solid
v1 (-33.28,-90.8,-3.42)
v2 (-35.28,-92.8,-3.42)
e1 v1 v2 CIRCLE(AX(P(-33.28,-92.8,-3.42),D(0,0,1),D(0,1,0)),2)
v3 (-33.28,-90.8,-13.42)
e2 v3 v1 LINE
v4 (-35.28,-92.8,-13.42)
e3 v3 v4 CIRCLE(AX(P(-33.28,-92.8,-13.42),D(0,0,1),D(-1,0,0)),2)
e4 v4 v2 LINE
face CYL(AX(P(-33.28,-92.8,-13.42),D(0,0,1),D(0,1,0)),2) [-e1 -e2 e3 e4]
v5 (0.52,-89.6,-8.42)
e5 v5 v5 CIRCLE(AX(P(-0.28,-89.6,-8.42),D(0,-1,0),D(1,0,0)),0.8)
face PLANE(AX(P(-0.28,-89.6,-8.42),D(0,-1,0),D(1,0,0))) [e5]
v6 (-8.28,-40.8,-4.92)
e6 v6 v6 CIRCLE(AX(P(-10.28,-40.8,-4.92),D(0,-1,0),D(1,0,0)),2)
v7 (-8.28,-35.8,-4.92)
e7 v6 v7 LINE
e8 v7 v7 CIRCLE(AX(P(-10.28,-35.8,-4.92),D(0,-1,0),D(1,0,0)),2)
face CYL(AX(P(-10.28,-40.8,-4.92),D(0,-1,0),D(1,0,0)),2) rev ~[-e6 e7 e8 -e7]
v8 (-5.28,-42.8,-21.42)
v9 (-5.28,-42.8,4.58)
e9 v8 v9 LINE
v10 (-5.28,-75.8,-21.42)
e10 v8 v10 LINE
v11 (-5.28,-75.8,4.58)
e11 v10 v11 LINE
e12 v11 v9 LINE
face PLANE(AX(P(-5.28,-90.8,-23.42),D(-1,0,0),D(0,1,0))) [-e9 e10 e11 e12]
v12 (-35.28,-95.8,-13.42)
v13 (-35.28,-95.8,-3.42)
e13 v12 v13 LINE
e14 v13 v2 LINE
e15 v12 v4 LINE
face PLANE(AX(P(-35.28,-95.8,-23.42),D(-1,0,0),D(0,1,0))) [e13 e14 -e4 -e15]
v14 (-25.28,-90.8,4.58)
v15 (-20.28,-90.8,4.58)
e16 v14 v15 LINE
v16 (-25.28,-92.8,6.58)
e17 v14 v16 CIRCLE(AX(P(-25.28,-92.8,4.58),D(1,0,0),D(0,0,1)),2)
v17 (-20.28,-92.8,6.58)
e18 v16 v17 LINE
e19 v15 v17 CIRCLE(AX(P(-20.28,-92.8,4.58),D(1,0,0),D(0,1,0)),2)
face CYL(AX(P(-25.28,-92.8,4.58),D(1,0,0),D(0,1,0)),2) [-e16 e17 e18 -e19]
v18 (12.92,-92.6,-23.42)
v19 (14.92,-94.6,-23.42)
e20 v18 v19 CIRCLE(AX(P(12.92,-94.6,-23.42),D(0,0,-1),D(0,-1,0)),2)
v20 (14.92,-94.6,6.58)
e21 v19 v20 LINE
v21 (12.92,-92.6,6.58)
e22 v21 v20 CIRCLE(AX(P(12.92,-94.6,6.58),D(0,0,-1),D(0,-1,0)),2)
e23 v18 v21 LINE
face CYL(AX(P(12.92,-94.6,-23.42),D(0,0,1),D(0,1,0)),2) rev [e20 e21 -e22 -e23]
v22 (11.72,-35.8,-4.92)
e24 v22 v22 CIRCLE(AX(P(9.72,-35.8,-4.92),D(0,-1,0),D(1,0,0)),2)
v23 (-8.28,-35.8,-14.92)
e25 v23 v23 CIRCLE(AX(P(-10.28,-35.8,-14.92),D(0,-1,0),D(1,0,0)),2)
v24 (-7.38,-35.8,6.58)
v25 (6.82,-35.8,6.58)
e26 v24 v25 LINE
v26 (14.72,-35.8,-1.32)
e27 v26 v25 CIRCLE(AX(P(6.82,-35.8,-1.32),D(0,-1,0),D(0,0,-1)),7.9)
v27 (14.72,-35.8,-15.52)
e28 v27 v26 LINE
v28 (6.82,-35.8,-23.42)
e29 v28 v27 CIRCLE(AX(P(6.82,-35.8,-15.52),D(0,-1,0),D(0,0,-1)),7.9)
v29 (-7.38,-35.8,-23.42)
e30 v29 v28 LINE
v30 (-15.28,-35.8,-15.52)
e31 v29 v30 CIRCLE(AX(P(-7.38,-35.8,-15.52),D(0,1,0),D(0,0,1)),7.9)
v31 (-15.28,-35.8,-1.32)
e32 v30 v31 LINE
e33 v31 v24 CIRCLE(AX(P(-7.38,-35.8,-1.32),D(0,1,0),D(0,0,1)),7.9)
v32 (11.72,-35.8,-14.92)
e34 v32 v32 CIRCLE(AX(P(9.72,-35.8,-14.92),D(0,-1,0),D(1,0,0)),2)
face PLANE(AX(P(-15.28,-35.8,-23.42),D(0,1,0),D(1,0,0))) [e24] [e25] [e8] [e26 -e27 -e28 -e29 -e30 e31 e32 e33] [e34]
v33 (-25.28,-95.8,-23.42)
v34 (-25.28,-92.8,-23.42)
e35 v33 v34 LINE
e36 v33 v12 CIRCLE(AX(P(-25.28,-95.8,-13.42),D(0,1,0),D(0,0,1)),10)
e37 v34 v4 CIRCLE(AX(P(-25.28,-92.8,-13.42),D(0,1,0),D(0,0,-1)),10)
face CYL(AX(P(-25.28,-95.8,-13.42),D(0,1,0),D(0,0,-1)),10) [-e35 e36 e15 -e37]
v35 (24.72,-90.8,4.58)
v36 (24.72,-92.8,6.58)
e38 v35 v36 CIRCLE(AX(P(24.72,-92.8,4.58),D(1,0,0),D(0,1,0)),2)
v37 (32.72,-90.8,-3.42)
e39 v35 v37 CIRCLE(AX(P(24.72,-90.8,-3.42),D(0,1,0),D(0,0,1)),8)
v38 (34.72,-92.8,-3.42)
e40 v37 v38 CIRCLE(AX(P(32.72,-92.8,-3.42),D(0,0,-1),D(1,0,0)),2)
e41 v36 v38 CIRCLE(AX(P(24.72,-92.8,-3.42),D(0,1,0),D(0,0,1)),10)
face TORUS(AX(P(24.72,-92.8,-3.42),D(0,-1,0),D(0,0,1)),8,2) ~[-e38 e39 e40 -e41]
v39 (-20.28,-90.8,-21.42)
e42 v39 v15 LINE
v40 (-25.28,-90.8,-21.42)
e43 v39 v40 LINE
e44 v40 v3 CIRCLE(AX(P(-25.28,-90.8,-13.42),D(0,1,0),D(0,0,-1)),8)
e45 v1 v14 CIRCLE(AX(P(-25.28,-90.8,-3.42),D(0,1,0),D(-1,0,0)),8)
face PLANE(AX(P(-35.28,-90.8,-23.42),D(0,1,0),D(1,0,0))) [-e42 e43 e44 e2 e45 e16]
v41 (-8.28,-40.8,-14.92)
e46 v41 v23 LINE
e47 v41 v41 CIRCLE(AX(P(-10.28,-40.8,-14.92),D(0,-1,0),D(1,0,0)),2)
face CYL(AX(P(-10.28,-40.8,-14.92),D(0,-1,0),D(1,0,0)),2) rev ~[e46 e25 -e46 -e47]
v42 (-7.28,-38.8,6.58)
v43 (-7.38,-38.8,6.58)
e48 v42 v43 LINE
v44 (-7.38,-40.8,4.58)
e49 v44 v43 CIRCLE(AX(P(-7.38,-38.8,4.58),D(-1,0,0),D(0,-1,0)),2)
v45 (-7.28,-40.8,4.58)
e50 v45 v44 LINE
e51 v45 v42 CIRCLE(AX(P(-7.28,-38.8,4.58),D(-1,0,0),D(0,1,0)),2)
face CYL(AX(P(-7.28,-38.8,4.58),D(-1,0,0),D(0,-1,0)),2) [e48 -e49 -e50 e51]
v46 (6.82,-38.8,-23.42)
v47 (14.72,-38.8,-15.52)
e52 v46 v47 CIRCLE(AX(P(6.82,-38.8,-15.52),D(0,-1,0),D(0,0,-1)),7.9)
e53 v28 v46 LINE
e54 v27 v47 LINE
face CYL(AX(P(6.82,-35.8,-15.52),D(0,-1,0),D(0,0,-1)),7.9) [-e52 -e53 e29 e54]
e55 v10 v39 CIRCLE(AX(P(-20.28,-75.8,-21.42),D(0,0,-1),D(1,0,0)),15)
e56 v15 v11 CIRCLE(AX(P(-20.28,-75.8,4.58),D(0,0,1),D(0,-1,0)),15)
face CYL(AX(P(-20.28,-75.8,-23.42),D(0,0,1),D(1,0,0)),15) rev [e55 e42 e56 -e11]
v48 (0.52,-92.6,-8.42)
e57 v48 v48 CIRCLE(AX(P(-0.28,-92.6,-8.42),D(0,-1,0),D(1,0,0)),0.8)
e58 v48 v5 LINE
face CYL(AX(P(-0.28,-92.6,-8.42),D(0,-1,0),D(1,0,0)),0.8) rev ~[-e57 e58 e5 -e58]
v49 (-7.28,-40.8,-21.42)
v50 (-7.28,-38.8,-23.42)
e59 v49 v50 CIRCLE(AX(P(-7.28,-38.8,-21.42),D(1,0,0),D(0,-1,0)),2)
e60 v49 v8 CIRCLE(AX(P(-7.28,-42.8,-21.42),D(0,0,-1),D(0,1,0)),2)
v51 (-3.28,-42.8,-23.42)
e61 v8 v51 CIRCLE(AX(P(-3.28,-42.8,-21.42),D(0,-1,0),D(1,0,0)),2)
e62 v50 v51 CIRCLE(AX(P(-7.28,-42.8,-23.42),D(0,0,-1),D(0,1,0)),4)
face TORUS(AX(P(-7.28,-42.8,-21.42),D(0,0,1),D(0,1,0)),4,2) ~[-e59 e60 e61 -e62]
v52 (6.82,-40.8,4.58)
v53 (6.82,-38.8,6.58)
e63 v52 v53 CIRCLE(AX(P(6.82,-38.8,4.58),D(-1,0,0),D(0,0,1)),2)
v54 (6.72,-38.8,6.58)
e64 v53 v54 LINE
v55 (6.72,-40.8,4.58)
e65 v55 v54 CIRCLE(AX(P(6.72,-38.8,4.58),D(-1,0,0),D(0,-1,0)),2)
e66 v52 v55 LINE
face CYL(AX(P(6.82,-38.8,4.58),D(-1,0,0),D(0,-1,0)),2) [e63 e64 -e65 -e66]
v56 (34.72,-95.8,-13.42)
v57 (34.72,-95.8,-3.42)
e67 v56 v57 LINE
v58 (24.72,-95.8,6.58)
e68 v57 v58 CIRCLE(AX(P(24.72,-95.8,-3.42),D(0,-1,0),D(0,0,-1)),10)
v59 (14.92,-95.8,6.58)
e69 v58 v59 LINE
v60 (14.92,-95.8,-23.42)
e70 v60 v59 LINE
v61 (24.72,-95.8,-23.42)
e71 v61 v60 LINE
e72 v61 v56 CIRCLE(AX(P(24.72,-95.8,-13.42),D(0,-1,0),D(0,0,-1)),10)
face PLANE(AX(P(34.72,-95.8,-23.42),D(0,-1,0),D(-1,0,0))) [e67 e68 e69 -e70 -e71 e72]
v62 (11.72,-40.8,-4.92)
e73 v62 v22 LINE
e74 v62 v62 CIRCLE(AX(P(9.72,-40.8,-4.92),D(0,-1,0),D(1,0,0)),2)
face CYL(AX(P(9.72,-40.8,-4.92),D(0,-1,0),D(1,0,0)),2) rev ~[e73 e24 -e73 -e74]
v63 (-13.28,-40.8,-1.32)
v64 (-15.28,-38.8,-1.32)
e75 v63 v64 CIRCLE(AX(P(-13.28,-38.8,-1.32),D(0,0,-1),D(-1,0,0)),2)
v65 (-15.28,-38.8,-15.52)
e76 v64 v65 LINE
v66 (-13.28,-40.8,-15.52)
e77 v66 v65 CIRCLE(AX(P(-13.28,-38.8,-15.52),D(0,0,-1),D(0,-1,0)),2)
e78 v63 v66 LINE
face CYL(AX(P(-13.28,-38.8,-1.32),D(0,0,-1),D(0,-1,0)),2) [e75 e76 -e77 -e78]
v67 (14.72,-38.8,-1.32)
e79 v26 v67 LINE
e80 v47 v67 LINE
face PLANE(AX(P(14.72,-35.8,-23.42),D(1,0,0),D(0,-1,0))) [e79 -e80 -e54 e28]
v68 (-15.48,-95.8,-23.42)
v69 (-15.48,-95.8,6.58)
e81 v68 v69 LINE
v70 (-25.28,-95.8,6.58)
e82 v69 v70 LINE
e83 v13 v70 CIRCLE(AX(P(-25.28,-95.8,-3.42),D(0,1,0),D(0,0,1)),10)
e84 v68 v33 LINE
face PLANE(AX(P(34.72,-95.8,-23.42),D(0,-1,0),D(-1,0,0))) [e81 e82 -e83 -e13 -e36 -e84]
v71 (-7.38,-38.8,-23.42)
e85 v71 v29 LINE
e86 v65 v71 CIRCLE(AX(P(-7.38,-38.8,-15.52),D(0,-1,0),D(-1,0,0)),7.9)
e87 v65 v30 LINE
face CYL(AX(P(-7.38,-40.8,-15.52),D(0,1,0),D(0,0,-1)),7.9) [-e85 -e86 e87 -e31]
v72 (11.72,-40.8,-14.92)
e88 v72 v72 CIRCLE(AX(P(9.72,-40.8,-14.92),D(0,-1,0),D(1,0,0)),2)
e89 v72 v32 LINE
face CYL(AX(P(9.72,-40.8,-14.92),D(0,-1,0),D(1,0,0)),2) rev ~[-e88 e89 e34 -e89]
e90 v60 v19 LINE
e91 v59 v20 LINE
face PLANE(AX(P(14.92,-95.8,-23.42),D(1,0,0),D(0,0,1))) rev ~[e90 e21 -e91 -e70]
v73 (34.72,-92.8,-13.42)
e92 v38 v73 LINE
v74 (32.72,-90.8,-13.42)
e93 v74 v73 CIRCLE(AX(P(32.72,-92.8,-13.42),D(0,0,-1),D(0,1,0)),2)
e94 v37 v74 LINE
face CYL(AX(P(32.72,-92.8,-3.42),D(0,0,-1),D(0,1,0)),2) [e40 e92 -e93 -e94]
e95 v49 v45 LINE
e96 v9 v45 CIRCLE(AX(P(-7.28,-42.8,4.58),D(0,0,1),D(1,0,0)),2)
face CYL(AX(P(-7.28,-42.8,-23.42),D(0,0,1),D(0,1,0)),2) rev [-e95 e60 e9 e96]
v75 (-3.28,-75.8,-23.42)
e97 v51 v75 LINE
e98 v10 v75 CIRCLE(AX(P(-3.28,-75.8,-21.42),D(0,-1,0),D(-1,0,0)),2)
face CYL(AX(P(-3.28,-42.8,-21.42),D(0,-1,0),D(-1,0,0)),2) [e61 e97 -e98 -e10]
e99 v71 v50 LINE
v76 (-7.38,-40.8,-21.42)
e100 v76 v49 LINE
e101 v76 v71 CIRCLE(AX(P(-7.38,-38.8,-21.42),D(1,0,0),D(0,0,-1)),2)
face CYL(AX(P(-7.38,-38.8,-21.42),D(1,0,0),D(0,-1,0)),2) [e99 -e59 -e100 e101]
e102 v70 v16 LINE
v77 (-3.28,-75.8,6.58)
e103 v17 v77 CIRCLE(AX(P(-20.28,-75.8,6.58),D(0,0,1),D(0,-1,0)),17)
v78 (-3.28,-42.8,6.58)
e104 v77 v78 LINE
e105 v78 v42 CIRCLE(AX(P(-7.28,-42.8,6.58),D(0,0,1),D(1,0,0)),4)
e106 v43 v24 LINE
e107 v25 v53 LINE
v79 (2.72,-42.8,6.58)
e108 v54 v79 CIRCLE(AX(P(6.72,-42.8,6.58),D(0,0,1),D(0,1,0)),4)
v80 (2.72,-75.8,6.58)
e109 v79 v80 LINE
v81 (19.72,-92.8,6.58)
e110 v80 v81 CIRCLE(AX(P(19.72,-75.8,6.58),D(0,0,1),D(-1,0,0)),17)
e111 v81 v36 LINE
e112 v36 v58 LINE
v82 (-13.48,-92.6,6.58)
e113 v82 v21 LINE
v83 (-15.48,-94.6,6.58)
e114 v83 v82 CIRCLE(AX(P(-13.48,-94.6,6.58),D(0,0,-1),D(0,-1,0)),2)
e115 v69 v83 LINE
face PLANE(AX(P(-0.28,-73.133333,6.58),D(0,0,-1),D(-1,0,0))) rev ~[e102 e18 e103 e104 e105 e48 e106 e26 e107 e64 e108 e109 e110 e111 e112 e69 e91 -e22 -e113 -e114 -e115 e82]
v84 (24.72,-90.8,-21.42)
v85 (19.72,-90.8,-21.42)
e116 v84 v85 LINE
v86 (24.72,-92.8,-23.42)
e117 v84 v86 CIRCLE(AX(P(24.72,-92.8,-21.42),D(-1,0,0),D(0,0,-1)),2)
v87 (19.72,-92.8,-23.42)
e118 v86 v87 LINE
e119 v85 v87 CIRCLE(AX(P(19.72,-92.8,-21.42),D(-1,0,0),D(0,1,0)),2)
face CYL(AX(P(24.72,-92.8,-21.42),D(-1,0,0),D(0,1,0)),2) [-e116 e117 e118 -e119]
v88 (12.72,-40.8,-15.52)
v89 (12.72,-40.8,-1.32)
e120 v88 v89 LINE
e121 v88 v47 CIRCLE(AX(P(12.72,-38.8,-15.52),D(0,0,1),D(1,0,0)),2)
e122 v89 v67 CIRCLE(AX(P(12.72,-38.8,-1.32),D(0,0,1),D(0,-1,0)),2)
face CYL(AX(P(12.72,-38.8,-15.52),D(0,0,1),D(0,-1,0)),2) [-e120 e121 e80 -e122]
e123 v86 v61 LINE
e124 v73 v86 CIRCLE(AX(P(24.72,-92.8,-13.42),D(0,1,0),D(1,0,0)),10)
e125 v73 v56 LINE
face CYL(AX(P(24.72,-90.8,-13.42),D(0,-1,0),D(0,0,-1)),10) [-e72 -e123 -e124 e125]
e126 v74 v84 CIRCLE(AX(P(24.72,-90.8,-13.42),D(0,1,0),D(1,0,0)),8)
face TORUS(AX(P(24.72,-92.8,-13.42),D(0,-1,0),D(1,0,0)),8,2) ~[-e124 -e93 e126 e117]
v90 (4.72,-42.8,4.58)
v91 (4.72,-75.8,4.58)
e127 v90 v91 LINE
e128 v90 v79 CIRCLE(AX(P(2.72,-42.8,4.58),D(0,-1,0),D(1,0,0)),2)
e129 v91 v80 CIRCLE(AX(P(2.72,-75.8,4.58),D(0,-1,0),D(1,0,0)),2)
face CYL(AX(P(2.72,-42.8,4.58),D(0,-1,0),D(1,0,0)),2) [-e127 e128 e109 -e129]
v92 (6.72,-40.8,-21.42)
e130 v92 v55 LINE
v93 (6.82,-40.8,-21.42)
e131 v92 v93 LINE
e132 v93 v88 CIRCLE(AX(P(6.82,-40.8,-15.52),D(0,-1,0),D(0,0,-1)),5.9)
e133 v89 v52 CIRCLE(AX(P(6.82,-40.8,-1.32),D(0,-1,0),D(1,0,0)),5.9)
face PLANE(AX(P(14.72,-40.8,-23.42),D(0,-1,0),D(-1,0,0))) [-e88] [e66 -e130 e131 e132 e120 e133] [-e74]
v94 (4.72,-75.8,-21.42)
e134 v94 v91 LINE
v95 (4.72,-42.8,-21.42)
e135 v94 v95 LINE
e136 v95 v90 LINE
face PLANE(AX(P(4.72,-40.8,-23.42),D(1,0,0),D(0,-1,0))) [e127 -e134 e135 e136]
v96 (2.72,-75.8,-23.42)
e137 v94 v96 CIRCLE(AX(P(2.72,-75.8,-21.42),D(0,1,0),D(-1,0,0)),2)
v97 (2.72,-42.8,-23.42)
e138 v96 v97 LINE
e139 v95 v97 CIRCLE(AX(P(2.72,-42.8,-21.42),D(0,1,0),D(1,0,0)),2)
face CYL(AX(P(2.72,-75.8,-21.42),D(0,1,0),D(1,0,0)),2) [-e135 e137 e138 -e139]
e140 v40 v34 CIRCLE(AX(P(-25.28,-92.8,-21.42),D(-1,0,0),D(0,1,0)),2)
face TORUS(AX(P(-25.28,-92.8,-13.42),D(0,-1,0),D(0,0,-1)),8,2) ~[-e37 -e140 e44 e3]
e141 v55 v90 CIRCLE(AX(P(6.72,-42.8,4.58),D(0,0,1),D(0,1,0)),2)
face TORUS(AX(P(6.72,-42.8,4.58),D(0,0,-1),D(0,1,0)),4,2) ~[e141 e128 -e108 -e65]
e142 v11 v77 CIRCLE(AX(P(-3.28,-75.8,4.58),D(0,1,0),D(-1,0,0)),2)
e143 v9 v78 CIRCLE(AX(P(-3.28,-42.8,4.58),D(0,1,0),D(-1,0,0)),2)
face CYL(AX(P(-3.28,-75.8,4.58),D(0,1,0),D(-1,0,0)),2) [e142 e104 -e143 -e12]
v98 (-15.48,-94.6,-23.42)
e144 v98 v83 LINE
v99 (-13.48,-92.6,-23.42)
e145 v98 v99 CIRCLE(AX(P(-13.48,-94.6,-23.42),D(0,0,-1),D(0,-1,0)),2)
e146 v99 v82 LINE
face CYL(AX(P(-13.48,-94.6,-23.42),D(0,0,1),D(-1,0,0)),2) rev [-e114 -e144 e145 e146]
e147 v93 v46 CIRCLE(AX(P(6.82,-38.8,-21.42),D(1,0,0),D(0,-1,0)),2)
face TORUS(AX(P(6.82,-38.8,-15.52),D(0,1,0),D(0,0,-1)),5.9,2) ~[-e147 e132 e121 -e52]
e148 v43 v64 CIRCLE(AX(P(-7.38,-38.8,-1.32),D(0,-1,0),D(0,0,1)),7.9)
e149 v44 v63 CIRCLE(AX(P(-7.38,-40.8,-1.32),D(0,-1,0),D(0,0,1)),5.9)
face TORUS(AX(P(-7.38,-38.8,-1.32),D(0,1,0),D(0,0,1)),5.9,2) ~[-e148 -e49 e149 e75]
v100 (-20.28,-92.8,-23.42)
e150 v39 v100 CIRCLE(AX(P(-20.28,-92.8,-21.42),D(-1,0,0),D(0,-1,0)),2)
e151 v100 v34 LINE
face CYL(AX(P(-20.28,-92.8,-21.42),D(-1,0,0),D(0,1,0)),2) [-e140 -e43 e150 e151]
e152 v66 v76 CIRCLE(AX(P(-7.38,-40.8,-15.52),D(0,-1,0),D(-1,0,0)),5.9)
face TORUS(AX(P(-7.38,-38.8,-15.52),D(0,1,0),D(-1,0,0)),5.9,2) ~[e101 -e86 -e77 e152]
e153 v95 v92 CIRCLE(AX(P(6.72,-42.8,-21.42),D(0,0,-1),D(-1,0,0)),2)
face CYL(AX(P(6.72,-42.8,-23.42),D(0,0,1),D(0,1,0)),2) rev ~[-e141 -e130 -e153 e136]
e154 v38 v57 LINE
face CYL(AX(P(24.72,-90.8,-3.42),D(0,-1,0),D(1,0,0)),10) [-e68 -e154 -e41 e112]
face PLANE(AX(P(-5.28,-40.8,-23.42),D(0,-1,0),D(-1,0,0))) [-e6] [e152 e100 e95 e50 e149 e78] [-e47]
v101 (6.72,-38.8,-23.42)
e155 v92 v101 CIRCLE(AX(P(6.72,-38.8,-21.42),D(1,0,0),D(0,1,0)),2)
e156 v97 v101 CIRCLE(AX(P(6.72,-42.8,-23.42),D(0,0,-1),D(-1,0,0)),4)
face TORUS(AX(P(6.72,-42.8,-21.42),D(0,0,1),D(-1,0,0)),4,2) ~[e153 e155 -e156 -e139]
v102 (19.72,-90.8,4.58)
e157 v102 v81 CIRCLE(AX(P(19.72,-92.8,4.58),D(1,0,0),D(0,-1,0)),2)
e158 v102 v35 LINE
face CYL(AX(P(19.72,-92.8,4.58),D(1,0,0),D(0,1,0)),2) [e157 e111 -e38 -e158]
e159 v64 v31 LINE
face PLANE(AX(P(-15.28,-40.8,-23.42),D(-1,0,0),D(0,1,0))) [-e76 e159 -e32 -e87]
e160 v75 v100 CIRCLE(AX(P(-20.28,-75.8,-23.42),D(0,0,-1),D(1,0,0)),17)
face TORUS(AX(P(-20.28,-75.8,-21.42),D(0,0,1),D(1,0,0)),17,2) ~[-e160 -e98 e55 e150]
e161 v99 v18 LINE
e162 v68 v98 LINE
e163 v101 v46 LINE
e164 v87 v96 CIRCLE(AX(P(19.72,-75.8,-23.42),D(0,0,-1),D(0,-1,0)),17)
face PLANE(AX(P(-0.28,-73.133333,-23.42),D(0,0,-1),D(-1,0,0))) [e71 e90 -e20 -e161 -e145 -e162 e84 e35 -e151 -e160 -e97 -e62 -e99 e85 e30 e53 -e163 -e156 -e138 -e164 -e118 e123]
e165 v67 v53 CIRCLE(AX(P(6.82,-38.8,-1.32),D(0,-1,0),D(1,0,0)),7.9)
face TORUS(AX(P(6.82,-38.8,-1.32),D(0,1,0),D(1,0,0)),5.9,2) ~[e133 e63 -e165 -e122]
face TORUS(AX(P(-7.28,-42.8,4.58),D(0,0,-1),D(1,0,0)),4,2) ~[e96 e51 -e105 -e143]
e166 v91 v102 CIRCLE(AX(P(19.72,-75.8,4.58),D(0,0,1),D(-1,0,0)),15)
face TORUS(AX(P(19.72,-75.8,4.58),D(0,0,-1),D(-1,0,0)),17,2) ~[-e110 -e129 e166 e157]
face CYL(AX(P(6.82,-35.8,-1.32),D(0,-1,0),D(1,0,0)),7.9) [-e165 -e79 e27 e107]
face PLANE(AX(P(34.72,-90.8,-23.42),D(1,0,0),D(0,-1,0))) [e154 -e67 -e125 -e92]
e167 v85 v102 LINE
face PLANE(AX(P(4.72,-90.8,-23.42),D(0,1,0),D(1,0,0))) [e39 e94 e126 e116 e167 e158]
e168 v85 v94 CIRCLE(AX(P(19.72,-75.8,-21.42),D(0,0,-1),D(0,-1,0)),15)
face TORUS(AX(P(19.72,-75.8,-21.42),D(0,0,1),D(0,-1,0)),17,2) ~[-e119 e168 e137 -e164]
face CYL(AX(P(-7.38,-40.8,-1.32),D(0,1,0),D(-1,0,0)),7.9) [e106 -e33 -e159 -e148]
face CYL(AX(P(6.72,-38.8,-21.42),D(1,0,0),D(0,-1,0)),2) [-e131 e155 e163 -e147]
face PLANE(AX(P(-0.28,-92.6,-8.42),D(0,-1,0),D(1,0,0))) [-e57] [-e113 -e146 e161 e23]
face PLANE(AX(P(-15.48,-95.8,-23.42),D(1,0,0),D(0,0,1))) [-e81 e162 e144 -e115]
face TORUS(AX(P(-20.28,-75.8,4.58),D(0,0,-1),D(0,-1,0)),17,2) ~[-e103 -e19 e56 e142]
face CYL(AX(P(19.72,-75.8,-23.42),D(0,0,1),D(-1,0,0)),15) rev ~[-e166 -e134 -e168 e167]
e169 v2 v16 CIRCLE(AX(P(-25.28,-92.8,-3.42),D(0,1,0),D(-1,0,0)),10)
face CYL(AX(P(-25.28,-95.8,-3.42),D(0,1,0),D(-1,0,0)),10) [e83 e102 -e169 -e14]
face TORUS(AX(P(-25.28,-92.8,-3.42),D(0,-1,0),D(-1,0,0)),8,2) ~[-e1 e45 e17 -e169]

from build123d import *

# Parameters (mm, degrees)
PAD005_DEPTH    = 30
SKETCH014_R     = 2
POCKET016_DEPTH = 5
FILLET001_R     = 2
FILLET002_R     = 15
FILLET003_R     = 7.9
FILLET004_R     = 10
FILLET005_R     = 2
SKETCH015_W     = 30.4
SKETCH015_H     = 30
POCKET017_DEPTH = 3.2
FILLET006_R     = 2
SKETCH020_R     = 0.8
POCKET021_DEPTH = 3


with BuildPart() as part:
    # Sketch013 → Pad005 (new body)
    with BuildSketch(Plane.XY):
        Polygon((-15, 30), (15, 30), (15, 25), (5, 25), (5, -25), (35, -25), (35, -30), (-35, -30), (-35, -25), (-5, -25), (-5, 25), (-15, 25), align=None)
    extrude(amount=PAD005_DEPTH)

    # Sketch014 (on Face11 of Pad005) → Pocket016 (cut)
    with BuildSketch(Plane(origin=(0, 25, 0), x_dir=(1, 0, 0), z_dir=(0, -1, 0))):
        with Locations((-10, 18.5)):
            Circle(SKETCH014_R)
        with Locations((10, 18.5)):
            Circle(SKETCH014_R)
        with Locations((10, 8.5)):
            Circle(SKETCH014_R)
        with Locations((-10, 8.5)):
            Circle(SKETCH014_R)
    extrude(amount=-POCKET016_DEPTH, mode=Mode.SUBTRACT)

    # Fillet001
    fillet001_edges = [part.edges().sort_by_distance(p)[0] for p in [
        (-5, 25, 15),
        (5, 25, 15),
    ]]
    fillet(fillet001_edges, radius=FILLET001_R)

    # Fillet002
    fillet002_edges = [part.edges().sort_by_distance(p)[0] for p in [
        (5, -25, 15),
        (-5, -25, 15),
    ]]
    fillet(fillet002_edges, radius=FILLET002_R)

    # Fillet003
    fillet003_edges = [part.edges().sort_by_distance(p)[0] for p in [
        (15, 27.5, 30),
        (15, 27.5, 0),
        (-15, 27.5, 30),
        (-15, 27.5, 0),
    ]]
    fillet(fillet003_edges, radius=FILLET003_R)

    # Fillet004
    fillet004_edges = [part.edges().sort_by_distance(p)[0] for p in [
        (-35, -27.5, 30),
        (-35, -27.5, 0),
        (35, -27.5, 30),
        (35, -27.5, 0),
    ]]
    fillet(fillet004_edges, radius=FILLET004_R)

    # Fillet005
    fillet005_edges = [part.edges().sort_by_distance(p)[0] for p in [
        (5, 6.5, 30),
        (-5, 6.5, 30),
    ]]
    fillet(fillet005_edges, radius=FILLET005_R)

    # Sketch015 (on Face4 of Fillet005) → Pocket017 (cut)
    with BuildSketch(Plane(origin=(0, -30, 0), x_dir=(1, 0, 0), z_dir=(0, -1, 0))):
        with Locations((0, 15)):
            Rectangle(SKETCH015_W, SKETCH015_H)
    extrude(amount=-POCKET017_DEPTH, mode=Mode.SUBTRACT)

    # Fillet006
    fillet006_edges = [part.edges().sort_by_distance(p)[0] for p in [
        (15.2, -26.8, 15),
        (-15.2, -26.8, 15),
    ]]
    fillet(fillet006_edges, radius=FILLET006_R)

    # Sketch020 (on Face5 of Fillet006) → Pocket021 (cut)
    with BuildSketch(Plane(origin=(0, -26.8, 0), x_dir=(1, 0, 0), z_dir=(0, -1, 0))):
        with Locations((0, 15)):
            Circle(SKETCH020_R)
    extrude(amount=-POCKET021_DEPTH, mode=Mode.SUBTRACT)


with BuildPart() as part_1:
    # Body002 placement: moved
    add(part.part.moved(Location((-0.28, -65.8, -23.42))))


solid = part_1.part
